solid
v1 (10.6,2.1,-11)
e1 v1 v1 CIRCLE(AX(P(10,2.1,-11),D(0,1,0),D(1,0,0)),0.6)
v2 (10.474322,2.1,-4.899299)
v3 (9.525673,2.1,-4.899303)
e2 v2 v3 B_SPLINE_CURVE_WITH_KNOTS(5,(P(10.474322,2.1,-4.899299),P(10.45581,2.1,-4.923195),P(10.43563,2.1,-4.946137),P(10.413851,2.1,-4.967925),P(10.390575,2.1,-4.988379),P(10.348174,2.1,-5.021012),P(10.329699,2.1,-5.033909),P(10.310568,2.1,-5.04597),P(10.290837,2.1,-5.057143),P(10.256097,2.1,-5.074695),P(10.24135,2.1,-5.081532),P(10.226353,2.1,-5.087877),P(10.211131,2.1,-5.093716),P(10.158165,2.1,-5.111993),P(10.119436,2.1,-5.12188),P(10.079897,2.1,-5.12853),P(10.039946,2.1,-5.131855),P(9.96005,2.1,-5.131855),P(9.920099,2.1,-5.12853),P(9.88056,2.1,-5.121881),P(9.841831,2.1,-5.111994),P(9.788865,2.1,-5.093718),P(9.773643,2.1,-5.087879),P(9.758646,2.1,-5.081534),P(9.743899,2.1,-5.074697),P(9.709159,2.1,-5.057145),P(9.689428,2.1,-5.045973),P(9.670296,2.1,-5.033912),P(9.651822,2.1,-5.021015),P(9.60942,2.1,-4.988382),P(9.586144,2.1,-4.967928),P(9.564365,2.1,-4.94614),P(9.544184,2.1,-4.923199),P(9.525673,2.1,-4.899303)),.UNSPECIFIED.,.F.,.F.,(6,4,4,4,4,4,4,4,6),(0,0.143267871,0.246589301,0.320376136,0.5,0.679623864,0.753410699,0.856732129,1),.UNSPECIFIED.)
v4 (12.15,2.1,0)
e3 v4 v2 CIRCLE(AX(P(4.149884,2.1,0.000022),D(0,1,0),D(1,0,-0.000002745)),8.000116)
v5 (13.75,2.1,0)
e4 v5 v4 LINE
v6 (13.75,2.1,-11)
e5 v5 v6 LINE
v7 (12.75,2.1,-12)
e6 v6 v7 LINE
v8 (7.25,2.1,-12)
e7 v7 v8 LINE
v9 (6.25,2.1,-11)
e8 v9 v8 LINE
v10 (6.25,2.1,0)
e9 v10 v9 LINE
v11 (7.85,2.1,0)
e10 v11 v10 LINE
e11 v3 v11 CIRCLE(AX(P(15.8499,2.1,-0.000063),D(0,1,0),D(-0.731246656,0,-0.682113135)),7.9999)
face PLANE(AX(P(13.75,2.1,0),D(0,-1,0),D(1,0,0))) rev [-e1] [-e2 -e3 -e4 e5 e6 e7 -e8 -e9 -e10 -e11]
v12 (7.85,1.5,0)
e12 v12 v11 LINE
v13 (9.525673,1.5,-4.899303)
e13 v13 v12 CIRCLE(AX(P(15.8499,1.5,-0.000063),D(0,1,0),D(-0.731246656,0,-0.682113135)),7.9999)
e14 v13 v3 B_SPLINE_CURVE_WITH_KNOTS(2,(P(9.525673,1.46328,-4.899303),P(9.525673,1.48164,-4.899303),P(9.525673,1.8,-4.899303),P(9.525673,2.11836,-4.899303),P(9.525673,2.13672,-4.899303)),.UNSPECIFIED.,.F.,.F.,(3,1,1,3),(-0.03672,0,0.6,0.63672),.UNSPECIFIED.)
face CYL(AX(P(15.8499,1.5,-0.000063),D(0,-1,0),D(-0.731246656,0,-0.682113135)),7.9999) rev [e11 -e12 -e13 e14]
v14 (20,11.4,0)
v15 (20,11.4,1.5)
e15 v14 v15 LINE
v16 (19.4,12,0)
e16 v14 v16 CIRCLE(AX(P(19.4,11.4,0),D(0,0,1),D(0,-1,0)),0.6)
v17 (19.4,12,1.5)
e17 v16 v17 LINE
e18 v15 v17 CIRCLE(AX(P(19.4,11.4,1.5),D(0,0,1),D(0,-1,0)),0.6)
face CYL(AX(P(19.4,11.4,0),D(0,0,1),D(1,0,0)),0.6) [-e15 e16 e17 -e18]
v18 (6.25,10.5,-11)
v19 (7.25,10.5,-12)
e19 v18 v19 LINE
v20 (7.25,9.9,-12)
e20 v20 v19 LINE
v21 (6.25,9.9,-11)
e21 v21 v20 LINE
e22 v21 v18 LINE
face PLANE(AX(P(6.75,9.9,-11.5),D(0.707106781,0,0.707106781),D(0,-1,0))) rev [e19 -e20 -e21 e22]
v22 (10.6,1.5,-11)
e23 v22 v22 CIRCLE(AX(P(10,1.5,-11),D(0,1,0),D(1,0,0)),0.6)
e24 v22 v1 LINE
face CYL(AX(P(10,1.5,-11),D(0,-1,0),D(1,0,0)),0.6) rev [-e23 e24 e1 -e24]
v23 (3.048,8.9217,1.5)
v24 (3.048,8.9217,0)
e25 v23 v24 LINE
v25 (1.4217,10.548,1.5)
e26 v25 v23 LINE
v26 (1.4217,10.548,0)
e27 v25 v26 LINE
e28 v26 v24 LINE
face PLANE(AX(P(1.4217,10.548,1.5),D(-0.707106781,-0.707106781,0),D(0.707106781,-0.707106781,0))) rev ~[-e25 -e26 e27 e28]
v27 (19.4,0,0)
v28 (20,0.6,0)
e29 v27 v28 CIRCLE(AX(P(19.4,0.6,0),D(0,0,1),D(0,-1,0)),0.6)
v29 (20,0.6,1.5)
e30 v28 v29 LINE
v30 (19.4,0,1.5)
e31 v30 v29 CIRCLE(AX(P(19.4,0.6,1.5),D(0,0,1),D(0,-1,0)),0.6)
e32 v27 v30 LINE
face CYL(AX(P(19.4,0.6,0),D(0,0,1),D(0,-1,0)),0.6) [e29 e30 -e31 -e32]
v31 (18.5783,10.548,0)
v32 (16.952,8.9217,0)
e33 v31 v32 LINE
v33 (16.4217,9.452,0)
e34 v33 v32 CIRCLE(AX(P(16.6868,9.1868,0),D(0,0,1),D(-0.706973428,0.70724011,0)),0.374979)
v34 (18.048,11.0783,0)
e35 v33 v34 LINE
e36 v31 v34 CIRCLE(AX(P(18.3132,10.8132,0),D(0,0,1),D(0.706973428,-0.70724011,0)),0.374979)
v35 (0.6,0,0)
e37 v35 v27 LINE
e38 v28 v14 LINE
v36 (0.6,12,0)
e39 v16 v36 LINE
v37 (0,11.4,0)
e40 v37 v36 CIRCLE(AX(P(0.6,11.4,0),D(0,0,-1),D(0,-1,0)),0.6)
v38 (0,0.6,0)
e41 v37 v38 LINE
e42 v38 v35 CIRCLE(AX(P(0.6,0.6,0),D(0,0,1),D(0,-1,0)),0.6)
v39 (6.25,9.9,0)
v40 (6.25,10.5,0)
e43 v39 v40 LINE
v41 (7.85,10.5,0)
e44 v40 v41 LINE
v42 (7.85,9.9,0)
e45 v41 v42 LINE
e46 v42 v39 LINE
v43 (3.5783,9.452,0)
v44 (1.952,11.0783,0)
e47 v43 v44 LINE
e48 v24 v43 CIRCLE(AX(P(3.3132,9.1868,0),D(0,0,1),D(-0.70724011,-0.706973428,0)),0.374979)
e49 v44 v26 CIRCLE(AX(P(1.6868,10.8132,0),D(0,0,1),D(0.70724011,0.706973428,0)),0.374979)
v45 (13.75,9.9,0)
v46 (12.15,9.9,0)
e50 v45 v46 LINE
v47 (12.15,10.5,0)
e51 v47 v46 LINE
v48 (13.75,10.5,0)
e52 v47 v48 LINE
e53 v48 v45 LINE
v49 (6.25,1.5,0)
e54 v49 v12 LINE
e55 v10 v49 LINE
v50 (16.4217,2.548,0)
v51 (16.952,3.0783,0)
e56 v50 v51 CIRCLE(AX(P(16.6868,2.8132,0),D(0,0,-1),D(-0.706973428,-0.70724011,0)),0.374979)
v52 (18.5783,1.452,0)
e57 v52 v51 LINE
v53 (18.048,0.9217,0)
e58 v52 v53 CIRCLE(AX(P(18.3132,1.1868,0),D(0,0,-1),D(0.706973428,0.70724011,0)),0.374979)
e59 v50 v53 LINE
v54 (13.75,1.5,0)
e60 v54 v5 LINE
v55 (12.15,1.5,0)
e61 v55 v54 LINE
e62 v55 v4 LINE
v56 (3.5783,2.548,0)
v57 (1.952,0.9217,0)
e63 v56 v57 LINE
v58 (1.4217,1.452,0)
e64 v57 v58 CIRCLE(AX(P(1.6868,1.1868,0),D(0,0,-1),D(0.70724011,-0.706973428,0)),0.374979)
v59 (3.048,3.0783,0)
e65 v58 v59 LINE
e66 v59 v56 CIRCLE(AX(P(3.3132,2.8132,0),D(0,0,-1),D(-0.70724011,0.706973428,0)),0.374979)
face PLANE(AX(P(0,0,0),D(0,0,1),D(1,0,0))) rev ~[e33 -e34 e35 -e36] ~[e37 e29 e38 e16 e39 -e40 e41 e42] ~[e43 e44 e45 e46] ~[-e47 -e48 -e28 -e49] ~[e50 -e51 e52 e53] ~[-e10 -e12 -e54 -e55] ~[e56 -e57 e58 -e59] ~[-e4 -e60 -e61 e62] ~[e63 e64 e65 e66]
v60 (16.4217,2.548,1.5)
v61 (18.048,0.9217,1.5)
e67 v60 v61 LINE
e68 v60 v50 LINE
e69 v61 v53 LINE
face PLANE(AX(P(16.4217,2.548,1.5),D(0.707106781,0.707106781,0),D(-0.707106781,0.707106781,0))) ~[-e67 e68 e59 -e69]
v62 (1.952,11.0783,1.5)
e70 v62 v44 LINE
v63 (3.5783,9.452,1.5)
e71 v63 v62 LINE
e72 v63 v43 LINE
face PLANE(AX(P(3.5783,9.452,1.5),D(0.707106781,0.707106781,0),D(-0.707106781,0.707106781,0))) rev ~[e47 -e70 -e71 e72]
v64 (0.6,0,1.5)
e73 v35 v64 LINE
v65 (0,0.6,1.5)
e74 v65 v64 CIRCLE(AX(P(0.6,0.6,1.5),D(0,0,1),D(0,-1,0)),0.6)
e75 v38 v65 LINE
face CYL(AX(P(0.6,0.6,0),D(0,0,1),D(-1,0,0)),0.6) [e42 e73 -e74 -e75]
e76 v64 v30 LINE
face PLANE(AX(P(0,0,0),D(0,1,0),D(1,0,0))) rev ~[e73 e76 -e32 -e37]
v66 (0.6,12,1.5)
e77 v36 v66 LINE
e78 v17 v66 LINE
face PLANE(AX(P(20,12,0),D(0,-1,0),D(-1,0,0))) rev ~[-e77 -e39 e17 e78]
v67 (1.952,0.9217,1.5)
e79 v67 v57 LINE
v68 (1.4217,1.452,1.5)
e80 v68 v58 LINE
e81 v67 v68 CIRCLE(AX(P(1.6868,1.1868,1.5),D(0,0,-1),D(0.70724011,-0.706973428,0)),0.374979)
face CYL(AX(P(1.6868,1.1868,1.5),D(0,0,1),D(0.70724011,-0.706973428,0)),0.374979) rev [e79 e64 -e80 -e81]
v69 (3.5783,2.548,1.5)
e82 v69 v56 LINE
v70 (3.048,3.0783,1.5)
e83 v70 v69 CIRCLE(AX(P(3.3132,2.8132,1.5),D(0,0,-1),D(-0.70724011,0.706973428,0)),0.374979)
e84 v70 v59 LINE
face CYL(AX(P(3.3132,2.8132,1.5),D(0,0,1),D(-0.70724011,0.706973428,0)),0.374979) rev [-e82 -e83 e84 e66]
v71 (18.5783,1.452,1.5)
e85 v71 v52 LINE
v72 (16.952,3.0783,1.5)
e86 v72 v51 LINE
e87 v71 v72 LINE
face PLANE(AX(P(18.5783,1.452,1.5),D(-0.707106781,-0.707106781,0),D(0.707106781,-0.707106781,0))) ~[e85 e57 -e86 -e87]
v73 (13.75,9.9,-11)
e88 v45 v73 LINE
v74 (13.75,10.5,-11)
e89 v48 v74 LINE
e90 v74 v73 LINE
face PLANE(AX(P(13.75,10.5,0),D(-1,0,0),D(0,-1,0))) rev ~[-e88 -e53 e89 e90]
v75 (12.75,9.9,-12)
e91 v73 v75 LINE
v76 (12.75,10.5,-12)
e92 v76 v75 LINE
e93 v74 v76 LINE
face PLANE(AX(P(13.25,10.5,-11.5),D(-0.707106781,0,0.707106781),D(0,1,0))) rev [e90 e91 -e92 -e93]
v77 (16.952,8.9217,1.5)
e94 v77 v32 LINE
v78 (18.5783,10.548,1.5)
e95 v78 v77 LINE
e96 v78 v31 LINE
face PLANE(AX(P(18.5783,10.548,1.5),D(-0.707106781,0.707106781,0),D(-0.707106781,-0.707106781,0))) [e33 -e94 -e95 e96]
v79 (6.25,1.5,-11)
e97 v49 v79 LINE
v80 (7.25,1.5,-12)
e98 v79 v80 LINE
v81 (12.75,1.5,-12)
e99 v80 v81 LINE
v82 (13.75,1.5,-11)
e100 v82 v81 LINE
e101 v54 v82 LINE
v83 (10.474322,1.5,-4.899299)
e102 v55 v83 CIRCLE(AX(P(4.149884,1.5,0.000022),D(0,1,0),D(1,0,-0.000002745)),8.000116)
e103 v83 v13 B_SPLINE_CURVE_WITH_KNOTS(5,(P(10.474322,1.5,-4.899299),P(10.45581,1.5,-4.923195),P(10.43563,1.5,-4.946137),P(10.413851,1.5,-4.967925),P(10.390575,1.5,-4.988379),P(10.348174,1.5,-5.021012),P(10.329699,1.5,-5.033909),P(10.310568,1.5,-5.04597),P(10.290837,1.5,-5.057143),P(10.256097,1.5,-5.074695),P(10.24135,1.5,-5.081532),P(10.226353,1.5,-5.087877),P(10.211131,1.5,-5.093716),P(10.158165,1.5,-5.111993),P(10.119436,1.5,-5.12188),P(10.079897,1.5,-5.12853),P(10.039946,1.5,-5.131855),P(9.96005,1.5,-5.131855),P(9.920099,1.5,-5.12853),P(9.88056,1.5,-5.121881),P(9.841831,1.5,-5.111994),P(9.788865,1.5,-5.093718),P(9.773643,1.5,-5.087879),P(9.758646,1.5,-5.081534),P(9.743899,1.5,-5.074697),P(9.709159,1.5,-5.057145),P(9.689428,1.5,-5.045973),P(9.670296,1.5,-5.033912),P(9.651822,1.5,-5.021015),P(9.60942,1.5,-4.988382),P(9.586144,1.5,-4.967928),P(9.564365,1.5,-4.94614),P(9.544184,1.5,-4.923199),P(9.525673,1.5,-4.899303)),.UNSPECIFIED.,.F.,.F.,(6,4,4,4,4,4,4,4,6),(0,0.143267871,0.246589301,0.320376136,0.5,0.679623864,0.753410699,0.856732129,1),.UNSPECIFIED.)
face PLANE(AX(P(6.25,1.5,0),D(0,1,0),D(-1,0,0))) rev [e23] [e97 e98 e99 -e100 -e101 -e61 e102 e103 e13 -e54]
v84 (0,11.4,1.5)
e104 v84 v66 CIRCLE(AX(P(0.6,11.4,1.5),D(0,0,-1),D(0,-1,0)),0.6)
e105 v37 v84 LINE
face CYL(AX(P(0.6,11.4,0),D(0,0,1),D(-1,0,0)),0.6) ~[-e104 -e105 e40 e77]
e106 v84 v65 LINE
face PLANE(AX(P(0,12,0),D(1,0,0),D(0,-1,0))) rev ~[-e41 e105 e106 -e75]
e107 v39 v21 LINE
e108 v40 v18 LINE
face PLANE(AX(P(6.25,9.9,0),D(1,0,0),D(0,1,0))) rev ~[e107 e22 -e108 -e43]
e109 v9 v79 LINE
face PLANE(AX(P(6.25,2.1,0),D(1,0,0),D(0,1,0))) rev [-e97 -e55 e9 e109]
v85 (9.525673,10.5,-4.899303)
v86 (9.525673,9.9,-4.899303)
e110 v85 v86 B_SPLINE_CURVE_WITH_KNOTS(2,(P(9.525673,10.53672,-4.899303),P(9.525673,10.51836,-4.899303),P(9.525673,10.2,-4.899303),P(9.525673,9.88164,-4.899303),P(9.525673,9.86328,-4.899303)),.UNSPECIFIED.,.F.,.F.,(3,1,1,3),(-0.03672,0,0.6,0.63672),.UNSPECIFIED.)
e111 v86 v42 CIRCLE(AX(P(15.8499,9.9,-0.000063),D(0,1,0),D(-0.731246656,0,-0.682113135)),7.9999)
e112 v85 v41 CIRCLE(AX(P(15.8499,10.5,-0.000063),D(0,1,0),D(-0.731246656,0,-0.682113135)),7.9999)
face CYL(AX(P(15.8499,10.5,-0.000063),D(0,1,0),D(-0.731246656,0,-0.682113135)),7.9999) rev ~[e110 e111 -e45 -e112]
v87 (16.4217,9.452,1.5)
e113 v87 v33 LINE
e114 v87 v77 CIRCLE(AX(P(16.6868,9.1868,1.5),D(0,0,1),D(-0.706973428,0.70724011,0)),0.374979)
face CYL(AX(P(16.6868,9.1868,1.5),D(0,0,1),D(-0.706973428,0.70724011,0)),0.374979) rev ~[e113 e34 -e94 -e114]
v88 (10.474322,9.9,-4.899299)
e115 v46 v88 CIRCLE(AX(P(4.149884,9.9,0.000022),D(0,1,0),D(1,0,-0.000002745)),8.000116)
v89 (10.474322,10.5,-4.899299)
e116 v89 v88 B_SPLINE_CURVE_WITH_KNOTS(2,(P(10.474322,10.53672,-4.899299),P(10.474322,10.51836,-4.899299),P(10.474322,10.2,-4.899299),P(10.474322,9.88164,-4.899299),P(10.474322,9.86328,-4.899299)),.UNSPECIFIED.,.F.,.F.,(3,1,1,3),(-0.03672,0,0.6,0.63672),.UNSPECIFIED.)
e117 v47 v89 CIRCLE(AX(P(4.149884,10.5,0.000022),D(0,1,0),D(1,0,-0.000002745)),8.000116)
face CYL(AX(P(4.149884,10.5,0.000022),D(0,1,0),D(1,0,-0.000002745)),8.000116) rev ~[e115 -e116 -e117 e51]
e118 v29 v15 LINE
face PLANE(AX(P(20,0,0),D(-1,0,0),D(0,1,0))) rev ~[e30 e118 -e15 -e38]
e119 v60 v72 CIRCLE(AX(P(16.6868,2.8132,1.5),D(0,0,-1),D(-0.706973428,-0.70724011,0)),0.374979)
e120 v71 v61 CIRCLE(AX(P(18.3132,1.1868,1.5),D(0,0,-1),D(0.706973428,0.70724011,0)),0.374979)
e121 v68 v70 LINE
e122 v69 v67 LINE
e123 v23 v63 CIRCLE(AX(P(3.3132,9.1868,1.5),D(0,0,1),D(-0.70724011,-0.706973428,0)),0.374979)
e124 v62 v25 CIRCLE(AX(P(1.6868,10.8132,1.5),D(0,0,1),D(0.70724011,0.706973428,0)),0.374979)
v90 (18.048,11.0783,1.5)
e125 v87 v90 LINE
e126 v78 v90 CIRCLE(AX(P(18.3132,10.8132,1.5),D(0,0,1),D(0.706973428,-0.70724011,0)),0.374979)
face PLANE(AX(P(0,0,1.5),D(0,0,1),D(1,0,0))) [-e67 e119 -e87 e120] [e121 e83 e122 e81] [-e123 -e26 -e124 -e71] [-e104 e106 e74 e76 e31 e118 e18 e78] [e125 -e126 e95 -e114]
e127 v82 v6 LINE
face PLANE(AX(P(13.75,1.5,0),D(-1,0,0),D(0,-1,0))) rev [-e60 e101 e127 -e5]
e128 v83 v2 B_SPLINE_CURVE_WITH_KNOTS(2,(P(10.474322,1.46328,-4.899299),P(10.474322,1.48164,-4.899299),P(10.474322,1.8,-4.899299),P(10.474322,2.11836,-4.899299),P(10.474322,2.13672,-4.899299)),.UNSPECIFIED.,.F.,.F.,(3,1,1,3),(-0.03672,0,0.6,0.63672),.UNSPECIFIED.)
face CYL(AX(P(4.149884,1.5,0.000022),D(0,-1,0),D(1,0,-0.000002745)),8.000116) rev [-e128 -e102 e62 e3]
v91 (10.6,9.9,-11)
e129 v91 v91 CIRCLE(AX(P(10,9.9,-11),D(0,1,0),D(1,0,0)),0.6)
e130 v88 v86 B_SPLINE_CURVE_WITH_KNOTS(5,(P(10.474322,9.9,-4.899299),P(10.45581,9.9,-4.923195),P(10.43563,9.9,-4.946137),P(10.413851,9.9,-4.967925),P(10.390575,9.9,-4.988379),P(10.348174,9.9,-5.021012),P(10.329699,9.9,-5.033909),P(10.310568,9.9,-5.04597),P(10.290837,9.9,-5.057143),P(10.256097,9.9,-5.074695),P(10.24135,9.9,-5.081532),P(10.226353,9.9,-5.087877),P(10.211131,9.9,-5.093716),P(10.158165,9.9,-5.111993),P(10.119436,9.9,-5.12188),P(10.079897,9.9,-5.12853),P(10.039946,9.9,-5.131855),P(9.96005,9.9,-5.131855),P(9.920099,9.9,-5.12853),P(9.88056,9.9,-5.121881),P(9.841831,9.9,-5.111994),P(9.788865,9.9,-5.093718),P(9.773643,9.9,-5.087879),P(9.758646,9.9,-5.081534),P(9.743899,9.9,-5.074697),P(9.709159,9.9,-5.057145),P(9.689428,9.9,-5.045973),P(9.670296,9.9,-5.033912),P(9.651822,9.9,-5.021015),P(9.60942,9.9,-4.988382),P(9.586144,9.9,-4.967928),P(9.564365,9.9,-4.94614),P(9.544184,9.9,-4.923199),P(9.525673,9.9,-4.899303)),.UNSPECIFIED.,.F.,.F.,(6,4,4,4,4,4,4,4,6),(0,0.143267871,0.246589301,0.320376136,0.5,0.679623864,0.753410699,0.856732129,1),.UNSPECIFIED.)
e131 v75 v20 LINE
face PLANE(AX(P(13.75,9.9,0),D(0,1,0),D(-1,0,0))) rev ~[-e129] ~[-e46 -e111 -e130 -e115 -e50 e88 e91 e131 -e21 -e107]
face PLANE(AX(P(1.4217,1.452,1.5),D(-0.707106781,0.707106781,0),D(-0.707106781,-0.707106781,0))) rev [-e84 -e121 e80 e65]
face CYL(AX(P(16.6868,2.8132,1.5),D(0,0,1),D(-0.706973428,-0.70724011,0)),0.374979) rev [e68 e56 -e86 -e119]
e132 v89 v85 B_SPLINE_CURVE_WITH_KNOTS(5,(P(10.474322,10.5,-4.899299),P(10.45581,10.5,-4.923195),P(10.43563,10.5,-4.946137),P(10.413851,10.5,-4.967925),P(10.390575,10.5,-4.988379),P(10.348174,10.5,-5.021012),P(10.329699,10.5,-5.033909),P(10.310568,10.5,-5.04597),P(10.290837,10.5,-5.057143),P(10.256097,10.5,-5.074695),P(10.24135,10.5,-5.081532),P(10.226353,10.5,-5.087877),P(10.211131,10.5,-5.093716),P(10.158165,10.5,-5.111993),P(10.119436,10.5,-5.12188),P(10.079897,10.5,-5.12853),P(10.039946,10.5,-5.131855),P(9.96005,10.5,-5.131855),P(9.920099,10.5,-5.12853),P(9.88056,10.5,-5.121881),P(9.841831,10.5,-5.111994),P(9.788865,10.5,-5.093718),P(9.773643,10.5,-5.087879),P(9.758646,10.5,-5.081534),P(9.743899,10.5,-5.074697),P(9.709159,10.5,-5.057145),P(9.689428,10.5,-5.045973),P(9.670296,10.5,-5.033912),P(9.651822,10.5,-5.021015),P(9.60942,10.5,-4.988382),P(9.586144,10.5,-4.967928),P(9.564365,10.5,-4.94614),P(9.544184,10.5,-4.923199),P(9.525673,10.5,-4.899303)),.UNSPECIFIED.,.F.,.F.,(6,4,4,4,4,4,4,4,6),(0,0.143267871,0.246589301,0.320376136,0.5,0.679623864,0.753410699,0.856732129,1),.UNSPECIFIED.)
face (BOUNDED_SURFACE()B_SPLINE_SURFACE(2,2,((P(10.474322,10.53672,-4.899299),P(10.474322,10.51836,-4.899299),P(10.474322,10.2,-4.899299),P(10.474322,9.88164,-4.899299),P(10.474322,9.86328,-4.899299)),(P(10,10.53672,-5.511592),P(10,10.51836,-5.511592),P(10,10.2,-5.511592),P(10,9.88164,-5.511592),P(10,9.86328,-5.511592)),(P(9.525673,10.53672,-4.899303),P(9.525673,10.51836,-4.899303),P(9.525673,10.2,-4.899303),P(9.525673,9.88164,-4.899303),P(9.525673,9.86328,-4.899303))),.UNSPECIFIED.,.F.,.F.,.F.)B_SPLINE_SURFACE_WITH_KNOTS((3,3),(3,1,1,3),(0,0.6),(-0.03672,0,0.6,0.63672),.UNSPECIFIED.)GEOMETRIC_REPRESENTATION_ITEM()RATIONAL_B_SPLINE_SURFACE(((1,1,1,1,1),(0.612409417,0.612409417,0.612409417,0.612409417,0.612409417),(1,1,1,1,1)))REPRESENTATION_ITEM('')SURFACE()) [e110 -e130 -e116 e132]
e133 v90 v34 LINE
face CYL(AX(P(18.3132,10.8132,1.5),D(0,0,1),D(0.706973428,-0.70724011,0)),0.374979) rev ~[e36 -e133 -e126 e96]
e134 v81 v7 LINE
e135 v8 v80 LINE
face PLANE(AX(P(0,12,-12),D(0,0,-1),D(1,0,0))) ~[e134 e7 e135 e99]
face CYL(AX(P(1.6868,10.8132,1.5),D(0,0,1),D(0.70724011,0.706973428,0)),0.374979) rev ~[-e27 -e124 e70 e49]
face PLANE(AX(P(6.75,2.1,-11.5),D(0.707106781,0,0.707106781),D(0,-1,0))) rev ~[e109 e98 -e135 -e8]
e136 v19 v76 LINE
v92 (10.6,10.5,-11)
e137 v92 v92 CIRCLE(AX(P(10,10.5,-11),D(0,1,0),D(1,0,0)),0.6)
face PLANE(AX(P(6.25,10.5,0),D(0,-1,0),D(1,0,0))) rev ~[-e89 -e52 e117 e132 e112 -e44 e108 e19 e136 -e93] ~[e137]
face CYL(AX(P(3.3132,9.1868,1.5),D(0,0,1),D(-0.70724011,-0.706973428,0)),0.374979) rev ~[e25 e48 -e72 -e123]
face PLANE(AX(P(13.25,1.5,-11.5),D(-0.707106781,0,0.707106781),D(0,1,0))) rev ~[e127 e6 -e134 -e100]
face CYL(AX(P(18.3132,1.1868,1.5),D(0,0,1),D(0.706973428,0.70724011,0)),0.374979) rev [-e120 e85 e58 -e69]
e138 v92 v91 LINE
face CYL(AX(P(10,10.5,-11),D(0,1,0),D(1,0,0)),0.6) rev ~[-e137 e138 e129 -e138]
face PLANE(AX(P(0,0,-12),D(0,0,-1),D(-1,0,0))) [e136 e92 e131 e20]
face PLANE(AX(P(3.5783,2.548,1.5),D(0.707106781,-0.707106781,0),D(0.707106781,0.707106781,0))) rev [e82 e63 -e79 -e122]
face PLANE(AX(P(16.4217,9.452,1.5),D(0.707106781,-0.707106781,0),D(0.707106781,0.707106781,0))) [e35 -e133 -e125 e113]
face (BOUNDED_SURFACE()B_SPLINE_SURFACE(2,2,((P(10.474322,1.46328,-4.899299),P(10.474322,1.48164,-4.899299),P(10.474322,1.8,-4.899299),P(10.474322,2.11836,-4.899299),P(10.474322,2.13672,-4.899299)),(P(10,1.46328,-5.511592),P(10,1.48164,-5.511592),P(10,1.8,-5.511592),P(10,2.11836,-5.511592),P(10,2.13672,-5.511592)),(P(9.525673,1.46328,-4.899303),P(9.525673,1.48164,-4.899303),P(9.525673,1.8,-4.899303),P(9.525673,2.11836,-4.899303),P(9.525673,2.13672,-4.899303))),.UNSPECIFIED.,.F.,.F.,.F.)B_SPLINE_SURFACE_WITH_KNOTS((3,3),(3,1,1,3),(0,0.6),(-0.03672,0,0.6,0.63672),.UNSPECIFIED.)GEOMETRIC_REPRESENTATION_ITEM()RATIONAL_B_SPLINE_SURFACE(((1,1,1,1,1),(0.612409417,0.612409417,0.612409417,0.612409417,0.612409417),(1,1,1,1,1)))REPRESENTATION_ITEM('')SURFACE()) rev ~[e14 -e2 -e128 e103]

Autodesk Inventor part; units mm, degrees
ref_plane "YZ Plane" through (0, 0, 0) normal (1, 0, 0) x (0, 1, 0)
sketch "Skizze1" plane through (0, 0, 0) normal (0, 0, 1) x (1, 0, 0)
  line L0 (0, 0) -> (20, 0)
  line L1 (20, 0) -> (20, 12)
  line L2 (20, 12) -> (0, 12)
  line L3 (0, 12) -> (0, 0)
  point P0 (0, 6)
  dimension "d0" = 20
  dimension "d1" = 12
extrude "Extrusion1" add sketch "Skizze1" along normal blind 1.5
sketch "Skizze2" plane through (0, 0, 1.5) normal (0, 0, 1) x (1, 0, 0)
  line L0 (1.6868, 10.8132) -> (3.3132, 9.1868) construction
  line L1 (1.4217, 10.548) -> (3.048, 8.9217)
  line L2 (3.5783, 9.452) -> (1.952, 11.0783)
  arc A0 (1.952, 11.0783) -> (1.4217, 10.548) centre (1.6868, 10.8132) ccw
  arc A1 (3.048, 8.9217) -> (3.5783, 9.452) centre (3.3132, 9.1868) ccw
  line L3 (0, 12) -> (0, 0) projected
  line L4 (18.3132, 10.8132) -> (16.6868, 9.1868) construction
  line L5 (18.5783, 10.548) -> (16.952, 8.9217)
  line L6 (16.4217, 9.452) -> (18.048, 11.0783)
  arc A2 (18.5783, 10.548) -> (18.048, 11.0783) centre (18.3132, 10.8132) ccw
  arc A3 (16.4217, 9.452) -> (16.952, 8.9217) centre (16.6868, 9.1868) ccw
  line L7 (20, 0) -> (20, 12) projected
  line L8 (0, 0) -> (20, 0) projected
  line L9 (10, 0) -> (10, 12) construction
  line L10 (20, 12) -> (0, 12) projected
  point P0 (2.5, 10)
  point P1 (17.5, 10)
  dimension "d7" = 15
  dimension "d8" = 7.5
  dimension "d9" = 0.75
  dimension "d10" = 2
  dimension "d11" = 2.3
  dimension "d12" = 45
extrude "Extrusion2" cut sketch "Skizze2" against normal up to surface (1.5 mm away) contours A0 L2 A1 L1 | L5 A3 L6 A2
ref_plane "Arbeitsebene1" through (0, 6, 0) normal (0, 1, 0) x (-1, 0, 0)
mirror "Spiegeln1" about plane through (0, 6, 0) normal (0, 1, 0) of "Extrusion2"
sketch "Skizze3" plane through (0, 0, 0) normal (0, 0, -1) x (-1, 0, 0)
  line L0 (-20, 12) -> (0, 12) projected
  line L1 (-10, 12) -> (-10, 0) construction
  line L2 (0, 0) -> (-20, 0) projected
  line L3 (-6.25, 10.5) -> (-13.75, 10.5)
  line L4 (-13.75, 10.5) -> (-13.75, 9.9)
  line L5 (-13.75, 9.9) -> (-6.25, 9.9)
  line L6 (-6.25, 9.9) -> (-6.25, 10.5)
  dimension "d16" = 1.5
  dimension "d17" = 7.5
  dimension "d18" = 0.6
extrude "Extrusion3" add sketch "Skizze3" along normal blind 12
chamfer "Fasen1" distance 1 angle 45 2 edges at (13.75, 10.2, -12) (6.25, 10.2, -12)
sketch "Skizze4" plane through (6.25, 10.5, 0) normal (0, 1, 0) x (1, 0, 0)
  line L0 (7.5, 0) -> (0, 0) projected
  line L1 (3.75, 0) -> (3.75, 5.4569) construction
  arc A0 (5.9, 0) -> (3.75, 5.4569) centre (-2.1, 0) ccw
  arc A1 (3.75, 5.4569) -> (1.6, 0) centre (9.6, 0) ccw
  line L2 (13.75, 0) -> (-6.25, 0) projected
  line L3 (7.5, 0) -> (7.5, 11) projected
  dimension "d24" = 8
  dimension "d25" = 1.6
extrude "Extrusion4" cut sketch "Skizze4" against normal up to surface (0.6 mm away)
fillet "Rundung1" radius 0.6 1 edges at (10, 10.2, -5.4569)
sketch "Skizze5" plane through (7.25, 10.5, -12) normal (0, 1, 0) x (1, 0, 0)
  circle A0 centre (2.75, -1) radius 0.6
  line L0 (0, 0) -> (5.5, 0) projected
  line L1 (-1, -12) -> (-1, -1) projected
  point P0 (-7.25, -12)
  point P1 (2.75, 0)
  dimension "d30" = 1
  dimension "d31" = 1.2
extrude "Extrusion5" cut sketch "Skizze5" against normal up to surface (0.6 mm away)
ref_plane "Arbeitsebene2" through (0, 6, 0) normal (0, 1, 0) x (-1, 0, 0)
mirror "Spiegeln2" about plane through (0, 6, 0) normal (0, 1, 0) of "Extrusion3", "Extrusion4", "Extrusion5", "Fasen1", "Rundung1"
fillet "Rundung2" radius 0.6 4 edges at (20, 12, 0.75) (0, 12, 0.75) (0, 0, 0.75) (20, 0, 0.75)
properties part number "Koerper" material "Stahl, galvanisiert"
